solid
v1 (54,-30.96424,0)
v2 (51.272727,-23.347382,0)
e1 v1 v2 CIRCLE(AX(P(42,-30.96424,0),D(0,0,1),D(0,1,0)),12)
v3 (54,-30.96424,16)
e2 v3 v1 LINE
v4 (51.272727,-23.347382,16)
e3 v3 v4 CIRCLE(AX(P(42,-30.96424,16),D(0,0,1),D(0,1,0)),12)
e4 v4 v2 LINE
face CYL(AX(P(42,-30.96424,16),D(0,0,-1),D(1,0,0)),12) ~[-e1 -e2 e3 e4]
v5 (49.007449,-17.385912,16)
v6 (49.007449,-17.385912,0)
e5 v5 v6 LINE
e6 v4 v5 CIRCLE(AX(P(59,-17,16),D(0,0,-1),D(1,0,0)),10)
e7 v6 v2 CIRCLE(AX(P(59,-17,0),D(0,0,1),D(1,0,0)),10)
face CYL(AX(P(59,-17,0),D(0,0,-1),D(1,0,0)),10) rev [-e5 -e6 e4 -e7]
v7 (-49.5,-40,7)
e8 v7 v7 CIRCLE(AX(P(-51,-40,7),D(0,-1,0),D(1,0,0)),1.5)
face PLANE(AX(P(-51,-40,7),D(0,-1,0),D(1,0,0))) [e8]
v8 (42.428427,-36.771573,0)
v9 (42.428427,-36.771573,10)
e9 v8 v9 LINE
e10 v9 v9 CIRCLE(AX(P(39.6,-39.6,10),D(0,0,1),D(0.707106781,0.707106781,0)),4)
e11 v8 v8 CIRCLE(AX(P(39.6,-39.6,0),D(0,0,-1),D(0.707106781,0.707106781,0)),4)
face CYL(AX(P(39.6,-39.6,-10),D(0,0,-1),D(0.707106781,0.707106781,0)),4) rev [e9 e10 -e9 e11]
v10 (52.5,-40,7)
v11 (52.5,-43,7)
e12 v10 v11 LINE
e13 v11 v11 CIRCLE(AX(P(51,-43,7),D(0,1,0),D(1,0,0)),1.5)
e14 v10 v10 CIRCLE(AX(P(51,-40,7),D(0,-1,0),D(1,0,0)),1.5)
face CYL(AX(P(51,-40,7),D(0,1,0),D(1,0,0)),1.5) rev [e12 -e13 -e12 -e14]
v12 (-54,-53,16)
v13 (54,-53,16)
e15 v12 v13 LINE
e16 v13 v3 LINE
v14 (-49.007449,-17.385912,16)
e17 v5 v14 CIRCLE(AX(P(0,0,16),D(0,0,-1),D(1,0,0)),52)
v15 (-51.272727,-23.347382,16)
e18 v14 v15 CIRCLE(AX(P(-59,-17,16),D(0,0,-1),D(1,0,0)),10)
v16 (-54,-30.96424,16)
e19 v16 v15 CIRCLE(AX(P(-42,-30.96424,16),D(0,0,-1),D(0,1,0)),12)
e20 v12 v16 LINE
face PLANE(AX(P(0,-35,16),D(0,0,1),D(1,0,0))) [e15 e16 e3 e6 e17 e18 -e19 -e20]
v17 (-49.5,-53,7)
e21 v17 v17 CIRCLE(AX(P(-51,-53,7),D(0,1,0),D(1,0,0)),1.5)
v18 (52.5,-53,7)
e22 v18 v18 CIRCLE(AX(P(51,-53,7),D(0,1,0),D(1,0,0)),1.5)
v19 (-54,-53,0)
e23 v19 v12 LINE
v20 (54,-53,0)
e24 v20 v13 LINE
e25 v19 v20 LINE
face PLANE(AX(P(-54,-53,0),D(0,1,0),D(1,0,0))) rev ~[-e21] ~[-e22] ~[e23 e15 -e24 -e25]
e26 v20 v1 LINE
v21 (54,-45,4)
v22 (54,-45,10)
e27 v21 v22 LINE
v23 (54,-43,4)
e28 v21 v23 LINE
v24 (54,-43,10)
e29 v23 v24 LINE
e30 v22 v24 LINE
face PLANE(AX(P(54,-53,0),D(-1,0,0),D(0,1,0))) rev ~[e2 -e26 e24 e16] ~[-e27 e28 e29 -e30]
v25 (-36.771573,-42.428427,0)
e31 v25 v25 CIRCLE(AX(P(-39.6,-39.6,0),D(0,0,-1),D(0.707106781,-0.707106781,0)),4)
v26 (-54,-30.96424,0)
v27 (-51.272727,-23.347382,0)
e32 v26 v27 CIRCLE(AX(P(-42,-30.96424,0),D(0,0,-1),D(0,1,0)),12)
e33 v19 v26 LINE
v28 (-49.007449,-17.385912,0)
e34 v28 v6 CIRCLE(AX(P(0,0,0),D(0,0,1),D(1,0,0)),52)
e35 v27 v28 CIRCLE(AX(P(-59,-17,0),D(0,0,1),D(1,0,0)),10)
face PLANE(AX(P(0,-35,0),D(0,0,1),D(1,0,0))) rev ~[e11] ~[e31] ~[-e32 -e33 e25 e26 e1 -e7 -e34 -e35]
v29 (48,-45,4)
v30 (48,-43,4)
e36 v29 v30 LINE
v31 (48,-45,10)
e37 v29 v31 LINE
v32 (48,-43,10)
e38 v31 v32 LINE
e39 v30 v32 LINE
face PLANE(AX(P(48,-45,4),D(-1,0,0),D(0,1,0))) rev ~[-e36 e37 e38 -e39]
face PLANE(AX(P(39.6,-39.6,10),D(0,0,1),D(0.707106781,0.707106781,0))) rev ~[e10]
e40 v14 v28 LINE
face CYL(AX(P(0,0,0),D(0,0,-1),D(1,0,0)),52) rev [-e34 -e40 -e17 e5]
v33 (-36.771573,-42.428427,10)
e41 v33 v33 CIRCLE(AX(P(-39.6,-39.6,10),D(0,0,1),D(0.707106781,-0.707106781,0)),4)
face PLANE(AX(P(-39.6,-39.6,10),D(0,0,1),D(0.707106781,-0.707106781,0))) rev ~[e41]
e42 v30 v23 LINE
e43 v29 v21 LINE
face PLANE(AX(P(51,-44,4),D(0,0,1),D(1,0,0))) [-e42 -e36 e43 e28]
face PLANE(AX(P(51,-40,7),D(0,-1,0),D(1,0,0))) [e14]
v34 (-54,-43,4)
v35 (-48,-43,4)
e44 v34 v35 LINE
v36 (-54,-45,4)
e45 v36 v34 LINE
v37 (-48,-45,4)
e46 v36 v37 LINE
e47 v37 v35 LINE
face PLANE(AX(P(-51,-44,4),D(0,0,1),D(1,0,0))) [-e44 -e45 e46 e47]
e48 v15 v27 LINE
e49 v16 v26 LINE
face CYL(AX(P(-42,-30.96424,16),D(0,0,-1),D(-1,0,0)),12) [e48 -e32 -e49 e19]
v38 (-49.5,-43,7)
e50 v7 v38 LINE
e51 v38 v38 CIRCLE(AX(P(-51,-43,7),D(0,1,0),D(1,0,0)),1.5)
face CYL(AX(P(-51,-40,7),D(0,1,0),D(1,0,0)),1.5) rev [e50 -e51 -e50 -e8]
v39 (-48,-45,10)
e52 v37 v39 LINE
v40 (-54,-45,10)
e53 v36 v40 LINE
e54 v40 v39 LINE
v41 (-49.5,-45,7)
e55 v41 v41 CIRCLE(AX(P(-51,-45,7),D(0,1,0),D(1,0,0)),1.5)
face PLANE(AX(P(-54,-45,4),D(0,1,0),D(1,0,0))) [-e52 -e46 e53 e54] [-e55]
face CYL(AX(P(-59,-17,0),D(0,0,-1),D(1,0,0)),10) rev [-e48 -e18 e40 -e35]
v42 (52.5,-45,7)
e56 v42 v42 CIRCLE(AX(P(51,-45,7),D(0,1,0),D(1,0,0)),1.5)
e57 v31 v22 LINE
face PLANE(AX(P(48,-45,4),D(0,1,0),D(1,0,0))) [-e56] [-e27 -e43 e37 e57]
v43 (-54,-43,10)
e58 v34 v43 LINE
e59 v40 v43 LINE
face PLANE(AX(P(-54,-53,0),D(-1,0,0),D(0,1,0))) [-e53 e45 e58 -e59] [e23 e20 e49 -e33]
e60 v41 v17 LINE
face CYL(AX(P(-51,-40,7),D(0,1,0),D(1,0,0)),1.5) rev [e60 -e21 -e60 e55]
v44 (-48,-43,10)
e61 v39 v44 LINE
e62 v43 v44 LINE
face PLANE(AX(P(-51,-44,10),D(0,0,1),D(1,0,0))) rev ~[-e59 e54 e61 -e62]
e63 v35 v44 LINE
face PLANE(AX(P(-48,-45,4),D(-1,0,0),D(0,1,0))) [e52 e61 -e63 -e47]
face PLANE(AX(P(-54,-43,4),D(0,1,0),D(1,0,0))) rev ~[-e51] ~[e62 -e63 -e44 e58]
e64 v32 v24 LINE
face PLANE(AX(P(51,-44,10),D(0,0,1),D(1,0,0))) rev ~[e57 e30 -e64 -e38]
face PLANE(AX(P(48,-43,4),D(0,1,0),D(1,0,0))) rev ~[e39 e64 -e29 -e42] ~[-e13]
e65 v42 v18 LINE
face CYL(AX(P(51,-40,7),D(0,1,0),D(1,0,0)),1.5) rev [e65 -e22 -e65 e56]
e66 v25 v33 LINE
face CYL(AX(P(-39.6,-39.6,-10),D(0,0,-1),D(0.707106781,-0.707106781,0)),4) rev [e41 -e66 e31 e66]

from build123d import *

# Parameters (mm, degrees)
CYLINDER1036_R               = 1.5
CYLINDER1036_DEPTH           = 20
CYLINDER1034_R               = 1.5
CYLINDER1034_DEPTH           = 20
CYLINDER1031_R               = 1.5
CYLINDER1031_DEPTH           = 20
CYLINDER1035_R               = 1.5
CYLINDER1035_DEPTH           = 20
BOX431_W                     = 6
BOX431_H                     = 2
BOX431_DEPTH                 = 6
BOX432_W                     = 6
BOX432_H                     = 2
BOX432_DEPTH                 = 6
BOX430_W                     = 6
BOX430_H                     = 2
BOX430_DEPTH                 = 6
BOX429_W                     = 6
BOX429_H                     = 2
BOX429_DEPTH                 = 6
CYLINDER1038_R               = 4
CYLINDER1038_DEPTH           = 20
CYLINDER1038_PLACEMENT_ANGLE = 45
CYLINDER1037_R               = 4
CYLINDER1037_DEPTH           = 20
CYLINDER1037_PLACEMENT_ANGLE = 45
CYLINDER1032_R               = 10
CYLINDER1032_DEPTH           = 40
CYLINDER1039_R               = 10
CYLINDER1039_DEPTH           = 40
CYLINDER1033_R               = 52
CYLINDER1033_DEPTH           = 20
BOX433_W                     = 108
BOX433_H                     = 36
BOX433_DEPTH                 = 16
FILLET_R                     = 12


with BuildPart() as v_lec1036:
    # Cylinder1036 → Cylinder1036 (new body)
    with BuildSketch(Plane(origin=(20, -40, -5), x_dir=(1, 0, 0), z_dir=(0, -1, 0))):
        Circle(CYLINDER1036_R)
    extrude(amount=CYLINDER1036_DEPTH)


with BuildPart() as v_lec1034:
    # Cylinder1034 → Cylinder1034 (new body)
    with BuildSketch(Plane(origin=(51, -40, 7), x_dir=(1, 0, 0), z_dir=(0, -1, 0))):
        Circle(CYLINDER1034_R)
    extrude(amount=CYLINDER1034_DEPTH)


with BuildPart() as v_lec1031:
    # Cylinder1031 → Cylinder1031 (new body)
    with BuildSketch(Plane(origin=(-51, -40, 7), x_dir=(1, 0, 0), z_dir=(0, -1, 0))):
        Circle(CYLINDER1031_R)
    extrude(amount=CYLINDER1031_DEPTH)


with BuildPart() as compound823:
    # Cylinder1035 → Cylinder1035 (new body)
    with BuildSketch(Plane(origin=(-20, -40, -5), x_dir=(1, 0, 0), z_dir=(0, -1, 0))):
        Circle(CYLINDER1035_R)
    extrude(amount=CYLINDER1035_DEPTH)

    # Compound823: union Válec1036, Válec1034, Válec1031
    add(v_lec1036.part)
    add(v_lec1034.part)
    add(v_lec1031.part)


with BuildPart() as krychle431:
    # Box431 → Box431 (new body)
    with BuildSketch(Plane(origin=(17, -47, -8), x_dir=(1, 0, 0), z_dir=(0, 0, 1))):
        with Locations((3, 1)):
            Rectangle(BOX431_W, BOX431_H)
    extrude(amount=BOX431_DEPTH)


with BuildPart() as krychle432:
    # Box432 → Box432 (new body)
    with BuildSketch(Plane(origin=(48, -45, 4), x_dir=(1, 0, 0), z_dir=(0, 0, 1))):
        with Locations((3, 1)):
            Rectangle(BOX432_W, BOX432_H)
    extrude(amount=BOX432_DEPTH)


with BuildPart() as krychle430:
    # Box430 → Box430 (new body)
    with BuildSketch(Plane(origin=(-54, -45, 4), x_dir=(1, 0, 0), z_dir=(0, 0, 1))):
        with Locations((3, 1)):
            Rectangle(BOX430_W, BOX430_H)
    extrude(amount=BOX430_DEPTH)


with BuildPart() as compound824:
    # Box429 → Box429 (new body)
    with BuildSketch(Plane(origin=(-23, -47, -8), x_dir=(1, 0, 0), z_dir=(0, 0, 1))):
        with Locations((3, 1)):
            Rectangle(BOX429_W, BOX429_H)
    extrude(amount=BOX429_DEPTH)

    # Compound824: union Krychle431, Krychle432, Krychle430
    add(krychle431.part)
    add(krychle432.part)
    add(krychle430.part)


with BuildPart() as v_lec1038:
    # Cylinder1038 → Cylinder1038 (new body)
    with BuildSketch(Plane.XY):
        Circle(CYLINDER1038_R)
    extrude(amount=CYLINDER1038_DEPTH)


with BuildPart() as v_lec1038_1:
    # Cylinder1038 placement: moved
    add(v_lec1038.part.moved(Location((39.6, -39.6, -10))).rotate(Axis((39.6, -39.6, -10), (0, 0, 1)), CYLINDER1038_PLACEMENT_ANGLE))


with BuildPart() as compound822:
    # Cylinder1037 → Cylinder1037 (new body)
    with BuildSketch(Plane.XY):
        Circle(CYLINDER1037_R)
    extrude(amount=CYLINDER1037_DEPTH)


with BuildPart() as compound822_1:
    # Cylinder1037 placement: moved
    add(compound822.part.moved(Location((-39.6, -39.6, -10))).rotate(Axis((-39.6, -39.6, -10), (0, 0, -1)), CYLINDER1037_PLACEMENT_ANGLE))

    # Compound822: union Válec1038
    add(v_lec1038_1.part)


with BuildPart() as v_lec1032:
    # Cylinder1032 → Cylinder1032 (new body)
    with BuildSketch(Plane(origin=(-59, -17, 0), x_dir=(1, 0, 0), z_dir=(0, 0, 1))):
        Circle(CYLINDER1032_R)
    extrude(amount=CYLINDER1032_DEPTH)


with BuildPart() as compound825:
    # Cylinder1039 → Cylinder1039 (new body)
    with BuildSketch(Plane(origin=(59, -17, 0), x_dir=(1, 0, 0), z_dir=(0, 0, 1))):
        Circle(CYLINDER1039_R)
    extrude(amount=CYLINDER1039_DEPTH)

    # Compound825: union Válec1032
    add(v_lec1032.part)


with BuildPart() as v_lec1033:
    # Cylinder1033 → Cylinder1033 (new body)
    with BuildSketch(Plane.XY.offset(20)):
        Circle(CYLINDER1033_R)
    extrude(amount=CYLINDER1033_DEPTH)


with BuildPart() as fillet_body:
    # Box433 → Box433 (new body)
    with BuildSketch(Plane(origin=(-54, -53, 20), x_dir=(1, 0, 0), z_dir=(0, 0, 1))):
        with Locations((54, 18)):
            Rectangle(BOX433_W, BOX433_H)
    extrude(amount=BOX433_DEPTH)

    # Cut432: cut Válec1033
    add(v_lec1033.part, mode=Mode.SUBTRACT)


with BuildPart() as fillet_body_1:
    # Cut432 placement: moved
    add(fillet_body.part.moved(Location((0, 0, -20))))

    # Cut433: cut Compound825
    add(compound825.part, mode=Mode.SUBTRACT)

    # Cut431: cut Compound822
    add(compound822_1.part, mode=Mode.SUBTRACT)

    # Cut430: cut Compound824
    add(compound824.part, mode=Mode.SUBTRACT)

    # Cut429: cut Compound823
    add(compound823.part, mode=Mode.SUBTRACT)

    # Fillet
    fillet_edges = [fillet_body_1.edges().sort_by_distance(p)[0] for p in [
        (-54, -25.660254, 8),
        (54, -25.660254, 8),
    ]]
    fillet(fillet_edges, radius=FILLET_R)


solid = fillet_body_1.part
